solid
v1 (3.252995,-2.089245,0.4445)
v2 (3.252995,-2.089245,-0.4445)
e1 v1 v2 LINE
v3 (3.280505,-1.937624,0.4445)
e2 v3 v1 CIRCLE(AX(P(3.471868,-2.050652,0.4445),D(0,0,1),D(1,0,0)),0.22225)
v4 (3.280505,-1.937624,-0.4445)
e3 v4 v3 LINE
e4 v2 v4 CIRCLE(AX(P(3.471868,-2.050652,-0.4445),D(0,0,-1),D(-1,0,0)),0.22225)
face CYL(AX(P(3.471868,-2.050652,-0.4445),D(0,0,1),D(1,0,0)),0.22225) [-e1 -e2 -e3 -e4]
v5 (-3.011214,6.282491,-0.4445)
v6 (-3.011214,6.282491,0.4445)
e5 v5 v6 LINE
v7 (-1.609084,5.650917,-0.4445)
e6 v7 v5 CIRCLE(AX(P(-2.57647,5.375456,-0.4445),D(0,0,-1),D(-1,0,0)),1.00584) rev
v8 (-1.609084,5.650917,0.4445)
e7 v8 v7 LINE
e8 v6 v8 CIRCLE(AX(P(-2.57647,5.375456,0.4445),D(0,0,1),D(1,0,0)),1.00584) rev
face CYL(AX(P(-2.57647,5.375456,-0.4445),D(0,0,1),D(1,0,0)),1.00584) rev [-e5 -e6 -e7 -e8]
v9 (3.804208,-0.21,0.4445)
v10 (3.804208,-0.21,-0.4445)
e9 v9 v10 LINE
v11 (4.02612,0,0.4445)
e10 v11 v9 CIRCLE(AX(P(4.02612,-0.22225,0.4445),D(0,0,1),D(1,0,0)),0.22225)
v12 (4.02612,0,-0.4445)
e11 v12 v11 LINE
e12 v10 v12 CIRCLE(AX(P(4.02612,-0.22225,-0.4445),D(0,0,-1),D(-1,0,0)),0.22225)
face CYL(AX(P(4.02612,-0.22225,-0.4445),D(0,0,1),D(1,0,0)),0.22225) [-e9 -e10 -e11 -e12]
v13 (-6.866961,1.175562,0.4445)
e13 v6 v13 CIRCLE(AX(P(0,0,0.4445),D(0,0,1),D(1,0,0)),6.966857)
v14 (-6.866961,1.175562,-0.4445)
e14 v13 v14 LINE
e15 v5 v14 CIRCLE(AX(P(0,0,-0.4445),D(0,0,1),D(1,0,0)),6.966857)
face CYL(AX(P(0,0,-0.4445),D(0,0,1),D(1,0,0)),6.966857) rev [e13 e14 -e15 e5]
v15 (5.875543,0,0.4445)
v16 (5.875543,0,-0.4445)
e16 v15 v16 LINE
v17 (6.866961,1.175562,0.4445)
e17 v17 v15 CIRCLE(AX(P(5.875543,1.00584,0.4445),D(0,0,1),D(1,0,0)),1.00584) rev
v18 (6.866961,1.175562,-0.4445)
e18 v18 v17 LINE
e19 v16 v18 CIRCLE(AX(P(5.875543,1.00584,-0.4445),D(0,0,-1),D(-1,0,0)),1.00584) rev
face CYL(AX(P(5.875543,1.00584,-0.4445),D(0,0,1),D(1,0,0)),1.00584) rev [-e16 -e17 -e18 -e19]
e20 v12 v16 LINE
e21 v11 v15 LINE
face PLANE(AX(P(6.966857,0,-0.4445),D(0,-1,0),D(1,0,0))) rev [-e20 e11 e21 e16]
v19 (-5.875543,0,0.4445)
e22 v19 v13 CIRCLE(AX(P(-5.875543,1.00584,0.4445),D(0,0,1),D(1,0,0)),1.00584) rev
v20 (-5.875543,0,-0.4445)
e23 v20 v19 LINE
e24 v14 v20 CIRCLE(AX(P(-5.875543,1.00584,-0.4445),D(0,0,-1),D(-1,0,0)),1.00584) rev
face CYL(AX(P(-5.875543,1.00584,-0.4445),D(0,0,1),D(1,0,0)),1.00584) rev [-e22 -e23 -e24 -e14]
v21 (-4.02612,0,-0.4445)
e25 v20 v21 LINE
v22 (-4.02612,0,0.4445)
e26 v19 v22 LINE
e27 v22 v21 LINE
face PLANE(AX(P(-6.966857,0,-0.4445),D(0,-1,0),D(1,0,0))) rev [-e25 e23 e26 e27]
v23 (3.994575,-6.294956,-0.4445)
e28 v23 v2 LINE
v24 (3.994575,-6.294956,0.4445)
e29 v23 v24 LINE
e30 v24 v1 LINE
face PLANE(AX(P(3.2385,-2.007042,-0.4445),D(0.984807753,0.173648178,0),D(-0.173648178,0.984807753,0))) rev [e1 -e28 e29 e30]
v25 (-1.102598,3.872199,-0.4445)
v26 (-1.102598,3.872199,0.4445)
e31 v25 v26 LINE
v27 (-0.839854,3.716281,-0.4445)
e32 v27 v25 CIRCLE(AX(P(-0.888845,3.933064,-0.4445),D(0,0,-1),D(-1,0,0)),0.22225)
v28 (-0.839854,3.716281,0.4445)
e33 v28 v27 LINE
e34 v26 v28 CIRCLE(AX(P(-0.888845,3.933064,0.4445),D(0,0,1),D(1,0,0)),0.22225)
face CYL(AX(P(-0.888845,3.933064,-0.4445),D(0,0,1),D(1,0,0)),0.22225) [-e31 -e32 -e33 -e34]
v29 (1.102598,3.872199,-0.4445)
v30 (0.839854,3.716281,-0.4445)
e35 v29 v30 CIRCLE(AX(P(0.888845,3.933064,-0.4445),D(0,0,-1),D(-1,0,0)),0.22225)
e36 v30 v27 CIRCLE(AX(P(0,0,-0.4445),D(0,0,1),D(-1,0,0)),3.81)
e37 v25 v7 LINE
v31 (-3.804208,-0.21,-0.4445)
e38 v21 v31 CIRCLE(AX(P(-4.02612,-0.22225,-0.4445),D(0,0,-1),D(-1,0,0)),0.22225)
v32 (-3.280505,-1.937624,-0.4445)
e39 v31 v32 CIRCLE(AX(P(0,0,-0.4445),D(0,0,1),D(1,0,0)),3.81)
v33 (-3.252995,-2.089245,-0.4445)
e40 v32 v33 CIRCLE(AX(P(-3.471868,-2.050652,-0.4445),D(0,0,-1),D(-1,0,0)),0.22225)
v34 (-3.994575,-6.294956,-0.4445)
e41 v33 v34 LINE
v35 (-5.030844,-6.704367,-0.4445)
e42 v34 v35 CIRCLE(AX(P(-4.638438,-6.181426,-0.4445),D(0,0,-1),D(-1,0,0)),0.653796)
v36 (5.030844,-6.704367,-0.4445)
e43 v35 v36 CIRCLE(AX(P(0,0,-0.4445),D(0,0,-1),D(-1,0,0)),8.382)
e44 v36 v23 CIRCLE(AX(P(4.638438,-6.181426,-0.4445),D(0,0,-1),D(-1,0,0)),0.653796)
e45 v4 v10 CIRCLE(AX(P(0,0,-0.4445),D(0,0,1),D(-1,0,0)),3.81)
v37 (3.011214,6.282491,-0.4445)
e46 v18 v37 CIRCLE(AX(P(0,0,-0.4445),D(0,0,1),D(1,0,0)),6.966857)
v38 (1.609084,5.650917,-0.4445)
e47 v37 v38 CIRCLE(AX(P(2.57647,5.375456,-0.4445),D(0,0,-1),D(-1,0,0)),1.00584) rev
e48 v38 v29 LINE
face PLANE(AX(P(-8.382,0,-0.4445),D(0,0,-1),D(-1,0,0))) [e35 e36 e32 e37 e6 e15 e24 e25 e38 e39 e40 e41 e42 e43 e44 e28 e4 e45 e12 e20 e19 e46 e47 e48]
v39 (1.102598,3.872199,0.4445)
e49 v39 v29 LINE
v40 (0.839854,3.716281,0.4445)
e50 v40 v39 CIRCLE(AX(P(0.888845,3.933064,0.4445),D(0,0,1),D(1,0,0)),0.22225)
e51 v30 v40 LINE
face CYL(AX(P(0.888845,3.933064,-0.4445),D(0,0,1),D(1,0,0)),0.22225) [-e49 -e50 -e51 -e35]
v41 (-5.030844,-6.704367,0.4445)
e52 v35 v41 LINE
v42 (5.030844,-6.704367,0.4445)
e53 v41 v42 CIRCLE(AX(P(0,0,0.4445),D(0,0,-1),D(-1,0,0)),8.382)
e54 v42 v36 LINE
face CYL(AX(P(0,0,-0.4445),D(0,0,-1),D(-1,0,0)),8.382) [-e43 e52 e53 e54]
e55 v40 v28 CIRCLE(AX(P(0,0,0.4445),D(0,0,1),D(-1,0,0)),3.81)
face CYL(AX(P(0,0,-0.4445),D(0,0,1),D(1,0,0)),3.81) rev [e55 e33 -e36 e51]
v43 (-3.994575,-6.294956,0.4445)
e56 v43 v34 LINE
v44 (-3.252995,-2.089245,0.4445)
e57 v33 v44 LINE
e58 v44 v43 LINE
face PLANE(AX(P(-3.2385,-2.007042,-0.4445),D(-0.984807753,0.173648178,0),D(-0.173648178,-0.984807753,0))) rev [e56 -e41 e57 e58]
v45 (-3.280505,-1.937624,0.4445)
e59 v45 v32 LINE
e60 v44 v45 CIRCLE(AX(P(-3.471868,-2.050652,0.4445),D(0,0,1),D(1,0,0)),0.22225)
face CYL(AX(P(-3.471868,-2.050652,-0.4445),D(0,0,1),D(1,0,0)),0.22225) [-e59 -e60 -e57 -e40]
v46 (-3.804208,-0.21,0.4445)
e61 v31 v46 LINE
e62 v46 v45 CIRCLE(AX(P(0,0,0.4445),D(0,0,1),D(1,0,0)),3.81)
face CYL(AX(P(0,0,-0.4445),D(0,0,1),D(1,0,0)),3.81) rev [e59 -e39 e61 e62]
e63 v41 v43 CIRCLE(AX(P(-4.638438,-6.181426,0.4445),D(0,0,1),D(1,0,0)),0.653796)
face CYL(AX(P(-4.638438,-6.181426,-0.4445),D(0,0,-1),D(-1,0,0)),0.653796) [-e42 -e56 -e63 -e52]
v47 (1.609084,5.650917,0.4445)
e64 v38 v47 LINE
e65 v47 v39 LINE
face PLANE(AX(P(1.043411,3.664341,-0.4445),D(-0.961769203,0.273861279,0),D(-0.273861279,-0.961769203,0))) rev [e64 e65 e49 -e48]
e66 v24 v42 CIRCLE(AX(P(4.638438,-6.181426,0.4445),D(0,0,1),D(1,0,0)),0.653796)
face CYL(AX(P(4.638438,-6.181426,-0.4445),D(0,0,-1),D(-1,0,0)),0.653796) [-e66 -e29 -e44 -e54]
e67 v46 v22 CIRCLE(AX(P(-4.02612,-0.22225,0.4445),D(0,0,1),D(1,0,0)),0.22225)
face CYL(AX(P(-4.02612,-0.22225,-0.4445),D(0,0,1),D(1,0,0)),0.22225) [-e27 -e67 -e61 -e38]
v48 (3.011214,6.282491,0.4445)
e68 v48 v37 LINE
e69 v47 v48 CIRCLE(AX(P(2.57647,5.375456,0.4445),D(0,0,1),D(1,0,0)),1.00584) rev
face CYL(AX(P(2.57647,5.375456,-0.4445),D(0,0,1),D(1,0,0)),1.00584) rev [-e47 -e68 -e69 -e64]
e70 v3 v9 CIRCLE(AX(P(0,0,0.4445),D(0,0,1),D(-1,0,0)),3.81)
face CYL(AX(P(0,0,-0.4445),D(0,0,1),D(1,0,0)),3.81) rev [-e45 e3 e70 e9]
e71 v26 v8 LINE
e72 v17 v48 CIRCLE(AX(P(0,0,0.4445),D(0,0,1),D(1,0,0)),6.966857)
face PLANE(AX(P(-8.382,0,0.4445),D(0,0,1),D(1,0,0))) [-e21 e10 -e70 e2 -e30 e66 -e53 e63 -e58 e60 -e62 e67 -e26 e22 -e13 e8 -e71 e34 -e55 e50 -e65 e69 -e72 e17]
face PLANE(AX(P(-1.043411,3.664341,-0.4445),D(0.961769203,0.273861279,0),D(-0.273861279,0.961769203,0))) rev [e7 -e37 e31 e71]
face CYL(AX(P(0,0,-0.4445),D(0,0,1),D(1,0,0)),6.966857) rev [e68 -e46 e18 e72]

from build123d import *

# Parameters (mm, degrees)
SKETCH3_W               = 8.382
SKETCH3_H               = 0.889
CUT_EXTRUDE1_DEPTH      = 1.4445
CUT_EXTRUDE1_DEPTH_BACK = 1.4445
FILLET1_R               = 1.00584
FILLET2_R               = 0.653796
FILLET3_R               = 0.22225


with BuildPart() as part:
    # Sketch3 → Revolve1 (revolve)
    with BuildSketch(Plane(origin=(0, 0, 0), x_dir=(1, 0, 0), z_dir=(0, 1, 0))):
        with Locations((-4.191, 0)):
            Rectangle(SKETCH3_W, SKETCH3_H)
    revolve(axis=Axis((0, 0, -0.4445), (0, 0, 1)))

    # Sketch4 → Cut-Extrude1 (cut, two sides)
    with BuildSketch(Plane.XY) as cut_extrude1_sk:
        with BuildLine():
            Line((1.043411472, 3.664340664), (1.907952406, 6.700508642))
            ThreePointArc((1.907952406, 6.700508642), (5.560104779, 4.197896295), (6.966857143, 0))
            Line((6.966857143, 0), (3.81, 0))
            ThreePointArc((3.81, 0), (3.664340664, -1.043411472), (3.2385, -2.00704204))
            Line((3.2385, -2.00704204), (4.167000213, -7.27282842))
            ThreePointArc((4.167000213, -7.27282842), (0, -8.382), (-4.167000213, -7.27282842))
            Line((-4.167000213, -7.27282842), (-3.2385, -2.00704204))
            ThreePointArc((-3.2385, -2.00704204), (-3.664340664, -1.043411472), (-3.81, 0))
            Line((-3.81, 0), (-6.966857143, 0))
            ThreePointArc((-6.966857143, 0), (-5.560104779, 4.197896295), (-1.907952406, 6.700508642))
            Line((-1.907952406, 6.700508642), (-1.043411472, 3.664340664))
            ThreePointArc((-1.043411472, 3.664340664), (0, 3.81), (1.043411472, 3.664340664))
        make_face()
    extrude(amount=CUT_EXTRUDE1_DEPTH, mode=Mode.SUBTRACT)
    extrude(cut_extrude1_sk.sketch, amount=-CUT_EXTRUDE1_DEPTH_BACK, mode=Mode.SUBTRACT)

    # Fillet1
    fillet1_edges = [part.edges().sort_by_distance(p)[0] for p in [
        (1.907952406, 6.700508642, 0),
        (6.966857143, 0, 0),
        (-6.966857143, 0, 0),
        (-1.907952406, 6.700508642, 0),
    ]]
    fillet(fillet1_edges, radius=FILLET1_R)

    # Fillet2
    fillet2_edges = [part.edges().sort_by_distance(p)[0] for p in [
        (4.167000213, -7.27282842, 0),
        (-4.167000213, -7.27282842, 0),
    ]]
    fillet(fillet2_edges, radius=FILLET2_R)

    # Fillet3
    fillet3_edges = [part.edges().sort_by_distance(p)[0] for p in [
        (-1.043411472, 3.664340664, 0),
        (1.043411472, 3.664340664, 0),
        (3.81, 0, 0),
        (3.2385, -2.00704204, 0),
        (-3.2385, -2.00704204, 0),
        (-3.81, 0, 0),
    ]]
    fillet(fillet3_edges, radius=FILLET3_R)


solid = part.part
